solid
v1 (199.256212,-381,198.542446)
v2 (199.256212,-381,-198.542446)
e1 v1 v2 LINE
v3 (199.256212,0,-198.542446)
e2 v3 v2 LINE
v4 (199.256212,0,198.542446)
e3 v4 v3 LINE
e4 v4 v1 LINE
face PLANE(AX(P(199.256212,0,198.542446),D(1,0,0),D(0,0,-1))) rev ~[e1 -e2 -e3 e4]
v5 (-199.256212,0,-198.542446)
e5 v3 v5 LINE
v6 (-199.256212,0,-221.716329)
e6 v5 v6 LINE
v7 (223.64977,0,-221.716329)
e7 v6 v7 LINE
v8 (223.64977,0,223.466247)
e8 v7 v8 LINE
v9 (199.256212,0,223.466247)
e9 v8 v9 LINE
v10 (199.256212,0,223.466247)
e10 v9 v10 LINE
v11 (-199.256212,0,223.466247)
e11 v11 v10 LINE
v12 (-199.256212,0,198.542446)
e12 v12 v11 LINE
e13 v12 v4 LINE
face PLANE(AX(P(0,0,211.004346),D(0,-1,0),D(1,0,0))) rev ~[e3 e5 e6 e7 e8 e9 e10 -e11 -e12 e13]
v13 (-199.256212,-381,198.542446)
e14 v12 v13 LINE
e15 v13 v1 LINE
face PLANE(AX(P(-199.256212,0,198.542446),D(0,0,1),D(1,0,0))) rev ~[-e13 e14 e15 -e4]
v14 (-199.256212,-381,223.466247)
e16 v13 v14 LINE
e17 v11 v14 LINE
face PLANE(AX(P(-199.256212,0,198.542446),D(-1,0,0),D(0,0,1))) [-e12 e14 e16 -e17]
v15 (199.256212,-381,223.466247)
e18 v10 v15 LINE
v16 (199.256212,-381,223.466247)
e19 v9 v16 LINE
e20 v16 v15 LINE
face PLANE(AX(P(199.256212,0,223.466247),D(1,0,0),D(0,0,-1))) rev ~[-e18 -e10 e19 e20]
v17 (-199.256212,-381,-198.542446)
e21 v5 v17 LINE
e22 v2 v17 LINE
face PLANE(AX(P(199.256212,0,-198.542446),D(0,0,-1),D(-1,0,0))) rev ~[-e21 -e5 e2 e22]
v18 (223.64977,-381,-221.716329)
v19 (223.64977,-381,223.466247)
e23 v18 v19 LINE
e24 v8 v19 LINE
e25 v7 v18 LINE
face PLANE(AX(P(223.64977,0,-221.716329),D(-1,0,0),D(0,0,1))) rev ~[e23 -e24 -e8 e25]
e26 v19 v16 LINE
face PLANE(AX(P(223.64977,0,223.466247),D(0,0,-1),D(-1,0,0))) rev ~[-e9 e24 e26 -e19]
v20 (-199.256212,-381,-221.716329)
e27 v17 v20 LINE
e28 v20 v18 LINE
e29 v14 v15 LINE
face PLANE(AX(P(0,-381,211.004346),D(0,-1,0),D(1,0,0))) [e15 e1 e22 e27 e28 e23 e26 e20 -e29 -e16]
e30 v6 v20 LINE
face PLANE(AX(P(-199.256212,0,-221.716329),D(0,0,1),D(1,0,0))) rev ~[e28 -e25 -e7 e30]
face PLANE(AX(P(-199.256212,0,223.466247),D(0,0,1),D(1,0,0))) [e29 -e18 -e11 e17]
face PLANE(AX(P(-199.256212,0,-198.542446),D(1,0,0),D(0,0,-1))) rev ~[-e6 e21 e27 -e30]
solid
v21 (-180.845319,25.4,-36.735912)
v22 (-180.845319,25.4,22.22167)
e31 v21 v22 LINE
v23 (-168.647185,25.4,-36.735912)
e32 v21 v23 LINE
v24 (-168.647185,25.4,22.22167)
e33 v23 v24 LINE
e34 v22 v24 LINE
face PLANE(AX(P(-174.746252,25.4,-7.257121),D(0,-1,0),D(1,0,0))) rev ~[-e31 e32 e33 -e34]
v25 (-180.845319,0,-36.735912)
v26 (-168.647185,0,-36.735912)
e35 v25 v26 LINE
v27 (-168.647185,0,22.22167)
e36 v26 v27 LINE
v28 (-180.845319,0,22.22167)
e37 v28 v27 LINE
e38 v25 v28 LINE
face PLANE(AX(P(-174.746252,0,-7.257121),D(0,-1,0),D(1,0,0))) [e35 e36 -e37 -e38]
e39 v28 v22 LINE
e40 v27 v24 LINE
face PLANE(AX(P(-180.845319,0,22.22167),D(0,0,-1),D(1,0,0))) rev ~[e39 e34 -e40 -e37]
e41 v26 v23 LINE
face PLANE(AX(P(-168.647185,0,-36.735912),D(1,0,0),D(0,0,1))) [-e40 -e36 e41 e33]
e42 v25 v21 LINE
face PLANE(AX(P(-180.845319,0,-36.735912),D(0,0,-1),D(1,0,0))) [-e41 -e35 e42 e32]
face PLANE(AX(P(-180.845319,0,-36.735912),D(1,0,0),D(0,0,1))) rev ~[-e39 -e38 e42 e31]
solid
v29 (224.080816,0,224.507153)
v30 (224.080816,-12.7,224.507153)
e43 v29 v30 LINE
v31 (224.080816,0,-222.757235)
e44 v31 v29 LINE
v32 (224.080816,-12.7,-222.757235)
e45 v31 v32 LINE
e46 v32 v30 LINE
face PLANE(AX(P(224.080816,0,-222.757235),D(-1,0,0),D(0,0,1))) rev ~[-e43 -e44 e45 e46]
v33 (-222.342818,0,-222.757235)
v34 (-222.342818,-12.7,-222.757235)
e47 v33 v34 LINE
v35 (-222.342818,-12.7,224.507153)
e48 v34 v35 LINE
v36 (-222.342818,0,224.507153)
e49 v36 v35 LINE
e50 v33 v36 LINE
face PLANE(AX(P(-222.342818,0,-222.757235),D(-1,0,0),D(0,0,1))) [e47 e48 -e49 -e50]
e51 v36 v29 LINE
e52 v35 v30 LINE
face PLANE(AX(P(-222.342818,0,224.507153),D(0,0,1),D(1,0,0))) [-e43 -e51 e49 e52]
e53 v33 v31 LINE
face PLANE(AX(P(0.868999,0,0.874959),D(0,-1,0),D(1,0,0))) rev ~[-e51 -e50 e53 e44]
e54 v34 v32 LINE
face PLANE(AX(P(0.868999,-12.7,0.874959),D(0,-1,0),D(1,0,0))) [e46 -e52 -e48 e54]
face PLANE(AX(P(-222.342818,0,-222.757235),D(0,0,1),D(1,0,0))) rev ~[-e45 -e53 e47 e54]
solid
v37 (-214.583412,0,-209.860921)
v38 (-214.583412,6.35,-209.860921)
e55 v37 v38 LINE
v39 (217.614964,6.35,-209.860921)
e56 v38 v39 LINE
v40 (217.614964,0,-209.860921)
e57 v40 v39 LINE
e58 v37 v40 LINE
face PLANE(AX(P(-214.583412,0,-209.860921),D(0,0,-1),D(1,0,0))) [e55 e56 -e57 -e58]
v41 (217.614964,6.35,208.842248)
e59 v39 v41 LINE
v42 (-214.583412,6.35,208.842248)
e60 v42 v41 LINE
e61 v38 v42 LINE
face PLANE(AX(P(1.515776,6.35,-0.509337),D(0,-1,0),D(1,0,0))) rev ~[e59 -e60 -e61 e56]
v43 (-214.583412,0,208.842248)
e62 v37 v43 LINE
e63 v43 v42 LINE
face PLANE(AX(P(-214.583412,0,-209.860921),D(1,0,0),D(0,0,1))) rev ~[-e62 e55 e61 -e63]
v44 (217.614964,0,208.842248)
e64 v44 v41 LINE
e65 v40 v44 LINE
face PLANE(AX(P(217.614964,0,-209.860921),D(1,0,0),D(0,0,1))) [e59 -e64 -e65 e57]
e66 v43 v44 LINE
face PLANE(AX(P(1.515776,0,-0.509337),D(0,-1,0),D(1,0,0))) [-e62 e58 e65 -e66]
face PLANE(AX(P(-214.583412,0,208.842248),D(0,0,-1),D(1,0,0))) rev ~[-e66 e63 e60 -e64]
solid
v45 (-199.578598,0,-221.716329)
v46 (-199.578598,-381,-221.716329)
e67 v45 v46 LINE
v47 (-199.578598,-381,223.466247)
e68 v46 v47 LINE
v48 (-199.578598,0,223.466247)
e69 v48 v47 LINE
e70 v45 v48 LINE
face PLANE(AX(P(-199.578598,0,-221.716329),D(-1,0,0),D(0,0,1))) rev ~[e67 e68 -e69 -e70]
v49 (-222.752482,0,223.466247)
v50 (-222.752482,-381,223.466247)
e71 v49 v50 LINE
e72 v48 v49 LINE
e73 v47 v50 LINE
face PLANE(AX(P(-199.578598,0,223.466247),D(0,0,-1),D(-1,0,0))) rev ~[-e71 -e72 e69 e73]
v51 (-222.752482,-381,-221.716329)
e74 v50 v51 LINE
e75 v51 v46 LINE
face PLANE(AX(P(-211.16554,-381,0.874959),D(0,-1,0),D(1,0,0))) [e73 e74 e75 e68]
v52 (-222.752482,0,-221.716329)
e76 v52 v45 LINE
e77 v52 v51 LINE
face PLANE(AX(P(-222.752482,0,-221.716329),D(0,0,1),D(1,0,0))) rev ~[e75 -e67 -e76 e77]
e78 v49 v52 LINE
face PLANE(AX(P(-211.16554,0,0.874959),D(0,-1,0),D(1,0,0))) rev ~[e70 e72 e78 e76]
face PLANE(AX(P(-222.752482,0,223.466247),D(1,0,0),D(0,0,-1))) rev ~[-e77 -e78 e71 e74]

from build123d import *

# Parameters (mm, degrees)
F0_W     = 398.512424
F0_H     = 24.923801
F1_DEPTH = 381
F2_W     = 446.423635
F2_H     = 447.264388
F3_DEPTH = 12.7
F4_W     = 432.198376
F4_H     = 418.703169
F5_DEPTH = 6.35
F6_W     = 12.198135
F6_H     = 58.957581
F7_DEPTH = 25.4


with BuildPart() as f1:
    # F0 (on Front) → F1 (new body)
    with BuildSketch(Plane.XZ):
        Polygon((-199.578598, -221.716329), (-199.578598, -198.542446), (-199.578598, 223.466247), (-222.752482, 223.466247), (-222.752482, -221.716329), align=None)
        with Locations((0, 211.004346)):
            Rectangle(F0_W, F0_H)
        Polygon((199.256212, 198.542446), (199.256212, -198.542446), (223.64977, -198.542446), (223.64977, 223.466247), (199.256212, 223.466247), align=None)
        Polygon((223.64977, -198.542446), (199.256212, -198.542446), (-199.256212, -198.542446), (-199.256212, -221.716329), (223.64977, -221.716329), align=None)
    extrude(amount=F1_DEPTH)


with BuildPart() as f3:
    # F2 (on Front) → F3 (new body)
    with BuildSketch(Plane.XZ):
        with Locations((0.868999, 0.874959)):
            Rectangle(F2_W, F2_H)
    extrude(amount=F3_DEPTH)


with BuildPart() as f5:
    # F4 (on Front) → F5 (new body)
    with BuildSketch(Plane.XZ):
        with Locations((1.515776, -0.509337)):
            Rectangle(F4_W, F4_H)
    extrude(amount=-F5_DEPTH)


with BuildPart() as f7:
    # F6 (on Front) → F7 (new body)
    with BuildSketch(Plane.XZ):
        with Locations((-174.746252, -7.257121)):
            Rectangle(F6_W, F6_H)
    extrude(amount=-F7_DEPTH)


solid = Compound([f1.part, f3.part, f5.part, f7.part])
